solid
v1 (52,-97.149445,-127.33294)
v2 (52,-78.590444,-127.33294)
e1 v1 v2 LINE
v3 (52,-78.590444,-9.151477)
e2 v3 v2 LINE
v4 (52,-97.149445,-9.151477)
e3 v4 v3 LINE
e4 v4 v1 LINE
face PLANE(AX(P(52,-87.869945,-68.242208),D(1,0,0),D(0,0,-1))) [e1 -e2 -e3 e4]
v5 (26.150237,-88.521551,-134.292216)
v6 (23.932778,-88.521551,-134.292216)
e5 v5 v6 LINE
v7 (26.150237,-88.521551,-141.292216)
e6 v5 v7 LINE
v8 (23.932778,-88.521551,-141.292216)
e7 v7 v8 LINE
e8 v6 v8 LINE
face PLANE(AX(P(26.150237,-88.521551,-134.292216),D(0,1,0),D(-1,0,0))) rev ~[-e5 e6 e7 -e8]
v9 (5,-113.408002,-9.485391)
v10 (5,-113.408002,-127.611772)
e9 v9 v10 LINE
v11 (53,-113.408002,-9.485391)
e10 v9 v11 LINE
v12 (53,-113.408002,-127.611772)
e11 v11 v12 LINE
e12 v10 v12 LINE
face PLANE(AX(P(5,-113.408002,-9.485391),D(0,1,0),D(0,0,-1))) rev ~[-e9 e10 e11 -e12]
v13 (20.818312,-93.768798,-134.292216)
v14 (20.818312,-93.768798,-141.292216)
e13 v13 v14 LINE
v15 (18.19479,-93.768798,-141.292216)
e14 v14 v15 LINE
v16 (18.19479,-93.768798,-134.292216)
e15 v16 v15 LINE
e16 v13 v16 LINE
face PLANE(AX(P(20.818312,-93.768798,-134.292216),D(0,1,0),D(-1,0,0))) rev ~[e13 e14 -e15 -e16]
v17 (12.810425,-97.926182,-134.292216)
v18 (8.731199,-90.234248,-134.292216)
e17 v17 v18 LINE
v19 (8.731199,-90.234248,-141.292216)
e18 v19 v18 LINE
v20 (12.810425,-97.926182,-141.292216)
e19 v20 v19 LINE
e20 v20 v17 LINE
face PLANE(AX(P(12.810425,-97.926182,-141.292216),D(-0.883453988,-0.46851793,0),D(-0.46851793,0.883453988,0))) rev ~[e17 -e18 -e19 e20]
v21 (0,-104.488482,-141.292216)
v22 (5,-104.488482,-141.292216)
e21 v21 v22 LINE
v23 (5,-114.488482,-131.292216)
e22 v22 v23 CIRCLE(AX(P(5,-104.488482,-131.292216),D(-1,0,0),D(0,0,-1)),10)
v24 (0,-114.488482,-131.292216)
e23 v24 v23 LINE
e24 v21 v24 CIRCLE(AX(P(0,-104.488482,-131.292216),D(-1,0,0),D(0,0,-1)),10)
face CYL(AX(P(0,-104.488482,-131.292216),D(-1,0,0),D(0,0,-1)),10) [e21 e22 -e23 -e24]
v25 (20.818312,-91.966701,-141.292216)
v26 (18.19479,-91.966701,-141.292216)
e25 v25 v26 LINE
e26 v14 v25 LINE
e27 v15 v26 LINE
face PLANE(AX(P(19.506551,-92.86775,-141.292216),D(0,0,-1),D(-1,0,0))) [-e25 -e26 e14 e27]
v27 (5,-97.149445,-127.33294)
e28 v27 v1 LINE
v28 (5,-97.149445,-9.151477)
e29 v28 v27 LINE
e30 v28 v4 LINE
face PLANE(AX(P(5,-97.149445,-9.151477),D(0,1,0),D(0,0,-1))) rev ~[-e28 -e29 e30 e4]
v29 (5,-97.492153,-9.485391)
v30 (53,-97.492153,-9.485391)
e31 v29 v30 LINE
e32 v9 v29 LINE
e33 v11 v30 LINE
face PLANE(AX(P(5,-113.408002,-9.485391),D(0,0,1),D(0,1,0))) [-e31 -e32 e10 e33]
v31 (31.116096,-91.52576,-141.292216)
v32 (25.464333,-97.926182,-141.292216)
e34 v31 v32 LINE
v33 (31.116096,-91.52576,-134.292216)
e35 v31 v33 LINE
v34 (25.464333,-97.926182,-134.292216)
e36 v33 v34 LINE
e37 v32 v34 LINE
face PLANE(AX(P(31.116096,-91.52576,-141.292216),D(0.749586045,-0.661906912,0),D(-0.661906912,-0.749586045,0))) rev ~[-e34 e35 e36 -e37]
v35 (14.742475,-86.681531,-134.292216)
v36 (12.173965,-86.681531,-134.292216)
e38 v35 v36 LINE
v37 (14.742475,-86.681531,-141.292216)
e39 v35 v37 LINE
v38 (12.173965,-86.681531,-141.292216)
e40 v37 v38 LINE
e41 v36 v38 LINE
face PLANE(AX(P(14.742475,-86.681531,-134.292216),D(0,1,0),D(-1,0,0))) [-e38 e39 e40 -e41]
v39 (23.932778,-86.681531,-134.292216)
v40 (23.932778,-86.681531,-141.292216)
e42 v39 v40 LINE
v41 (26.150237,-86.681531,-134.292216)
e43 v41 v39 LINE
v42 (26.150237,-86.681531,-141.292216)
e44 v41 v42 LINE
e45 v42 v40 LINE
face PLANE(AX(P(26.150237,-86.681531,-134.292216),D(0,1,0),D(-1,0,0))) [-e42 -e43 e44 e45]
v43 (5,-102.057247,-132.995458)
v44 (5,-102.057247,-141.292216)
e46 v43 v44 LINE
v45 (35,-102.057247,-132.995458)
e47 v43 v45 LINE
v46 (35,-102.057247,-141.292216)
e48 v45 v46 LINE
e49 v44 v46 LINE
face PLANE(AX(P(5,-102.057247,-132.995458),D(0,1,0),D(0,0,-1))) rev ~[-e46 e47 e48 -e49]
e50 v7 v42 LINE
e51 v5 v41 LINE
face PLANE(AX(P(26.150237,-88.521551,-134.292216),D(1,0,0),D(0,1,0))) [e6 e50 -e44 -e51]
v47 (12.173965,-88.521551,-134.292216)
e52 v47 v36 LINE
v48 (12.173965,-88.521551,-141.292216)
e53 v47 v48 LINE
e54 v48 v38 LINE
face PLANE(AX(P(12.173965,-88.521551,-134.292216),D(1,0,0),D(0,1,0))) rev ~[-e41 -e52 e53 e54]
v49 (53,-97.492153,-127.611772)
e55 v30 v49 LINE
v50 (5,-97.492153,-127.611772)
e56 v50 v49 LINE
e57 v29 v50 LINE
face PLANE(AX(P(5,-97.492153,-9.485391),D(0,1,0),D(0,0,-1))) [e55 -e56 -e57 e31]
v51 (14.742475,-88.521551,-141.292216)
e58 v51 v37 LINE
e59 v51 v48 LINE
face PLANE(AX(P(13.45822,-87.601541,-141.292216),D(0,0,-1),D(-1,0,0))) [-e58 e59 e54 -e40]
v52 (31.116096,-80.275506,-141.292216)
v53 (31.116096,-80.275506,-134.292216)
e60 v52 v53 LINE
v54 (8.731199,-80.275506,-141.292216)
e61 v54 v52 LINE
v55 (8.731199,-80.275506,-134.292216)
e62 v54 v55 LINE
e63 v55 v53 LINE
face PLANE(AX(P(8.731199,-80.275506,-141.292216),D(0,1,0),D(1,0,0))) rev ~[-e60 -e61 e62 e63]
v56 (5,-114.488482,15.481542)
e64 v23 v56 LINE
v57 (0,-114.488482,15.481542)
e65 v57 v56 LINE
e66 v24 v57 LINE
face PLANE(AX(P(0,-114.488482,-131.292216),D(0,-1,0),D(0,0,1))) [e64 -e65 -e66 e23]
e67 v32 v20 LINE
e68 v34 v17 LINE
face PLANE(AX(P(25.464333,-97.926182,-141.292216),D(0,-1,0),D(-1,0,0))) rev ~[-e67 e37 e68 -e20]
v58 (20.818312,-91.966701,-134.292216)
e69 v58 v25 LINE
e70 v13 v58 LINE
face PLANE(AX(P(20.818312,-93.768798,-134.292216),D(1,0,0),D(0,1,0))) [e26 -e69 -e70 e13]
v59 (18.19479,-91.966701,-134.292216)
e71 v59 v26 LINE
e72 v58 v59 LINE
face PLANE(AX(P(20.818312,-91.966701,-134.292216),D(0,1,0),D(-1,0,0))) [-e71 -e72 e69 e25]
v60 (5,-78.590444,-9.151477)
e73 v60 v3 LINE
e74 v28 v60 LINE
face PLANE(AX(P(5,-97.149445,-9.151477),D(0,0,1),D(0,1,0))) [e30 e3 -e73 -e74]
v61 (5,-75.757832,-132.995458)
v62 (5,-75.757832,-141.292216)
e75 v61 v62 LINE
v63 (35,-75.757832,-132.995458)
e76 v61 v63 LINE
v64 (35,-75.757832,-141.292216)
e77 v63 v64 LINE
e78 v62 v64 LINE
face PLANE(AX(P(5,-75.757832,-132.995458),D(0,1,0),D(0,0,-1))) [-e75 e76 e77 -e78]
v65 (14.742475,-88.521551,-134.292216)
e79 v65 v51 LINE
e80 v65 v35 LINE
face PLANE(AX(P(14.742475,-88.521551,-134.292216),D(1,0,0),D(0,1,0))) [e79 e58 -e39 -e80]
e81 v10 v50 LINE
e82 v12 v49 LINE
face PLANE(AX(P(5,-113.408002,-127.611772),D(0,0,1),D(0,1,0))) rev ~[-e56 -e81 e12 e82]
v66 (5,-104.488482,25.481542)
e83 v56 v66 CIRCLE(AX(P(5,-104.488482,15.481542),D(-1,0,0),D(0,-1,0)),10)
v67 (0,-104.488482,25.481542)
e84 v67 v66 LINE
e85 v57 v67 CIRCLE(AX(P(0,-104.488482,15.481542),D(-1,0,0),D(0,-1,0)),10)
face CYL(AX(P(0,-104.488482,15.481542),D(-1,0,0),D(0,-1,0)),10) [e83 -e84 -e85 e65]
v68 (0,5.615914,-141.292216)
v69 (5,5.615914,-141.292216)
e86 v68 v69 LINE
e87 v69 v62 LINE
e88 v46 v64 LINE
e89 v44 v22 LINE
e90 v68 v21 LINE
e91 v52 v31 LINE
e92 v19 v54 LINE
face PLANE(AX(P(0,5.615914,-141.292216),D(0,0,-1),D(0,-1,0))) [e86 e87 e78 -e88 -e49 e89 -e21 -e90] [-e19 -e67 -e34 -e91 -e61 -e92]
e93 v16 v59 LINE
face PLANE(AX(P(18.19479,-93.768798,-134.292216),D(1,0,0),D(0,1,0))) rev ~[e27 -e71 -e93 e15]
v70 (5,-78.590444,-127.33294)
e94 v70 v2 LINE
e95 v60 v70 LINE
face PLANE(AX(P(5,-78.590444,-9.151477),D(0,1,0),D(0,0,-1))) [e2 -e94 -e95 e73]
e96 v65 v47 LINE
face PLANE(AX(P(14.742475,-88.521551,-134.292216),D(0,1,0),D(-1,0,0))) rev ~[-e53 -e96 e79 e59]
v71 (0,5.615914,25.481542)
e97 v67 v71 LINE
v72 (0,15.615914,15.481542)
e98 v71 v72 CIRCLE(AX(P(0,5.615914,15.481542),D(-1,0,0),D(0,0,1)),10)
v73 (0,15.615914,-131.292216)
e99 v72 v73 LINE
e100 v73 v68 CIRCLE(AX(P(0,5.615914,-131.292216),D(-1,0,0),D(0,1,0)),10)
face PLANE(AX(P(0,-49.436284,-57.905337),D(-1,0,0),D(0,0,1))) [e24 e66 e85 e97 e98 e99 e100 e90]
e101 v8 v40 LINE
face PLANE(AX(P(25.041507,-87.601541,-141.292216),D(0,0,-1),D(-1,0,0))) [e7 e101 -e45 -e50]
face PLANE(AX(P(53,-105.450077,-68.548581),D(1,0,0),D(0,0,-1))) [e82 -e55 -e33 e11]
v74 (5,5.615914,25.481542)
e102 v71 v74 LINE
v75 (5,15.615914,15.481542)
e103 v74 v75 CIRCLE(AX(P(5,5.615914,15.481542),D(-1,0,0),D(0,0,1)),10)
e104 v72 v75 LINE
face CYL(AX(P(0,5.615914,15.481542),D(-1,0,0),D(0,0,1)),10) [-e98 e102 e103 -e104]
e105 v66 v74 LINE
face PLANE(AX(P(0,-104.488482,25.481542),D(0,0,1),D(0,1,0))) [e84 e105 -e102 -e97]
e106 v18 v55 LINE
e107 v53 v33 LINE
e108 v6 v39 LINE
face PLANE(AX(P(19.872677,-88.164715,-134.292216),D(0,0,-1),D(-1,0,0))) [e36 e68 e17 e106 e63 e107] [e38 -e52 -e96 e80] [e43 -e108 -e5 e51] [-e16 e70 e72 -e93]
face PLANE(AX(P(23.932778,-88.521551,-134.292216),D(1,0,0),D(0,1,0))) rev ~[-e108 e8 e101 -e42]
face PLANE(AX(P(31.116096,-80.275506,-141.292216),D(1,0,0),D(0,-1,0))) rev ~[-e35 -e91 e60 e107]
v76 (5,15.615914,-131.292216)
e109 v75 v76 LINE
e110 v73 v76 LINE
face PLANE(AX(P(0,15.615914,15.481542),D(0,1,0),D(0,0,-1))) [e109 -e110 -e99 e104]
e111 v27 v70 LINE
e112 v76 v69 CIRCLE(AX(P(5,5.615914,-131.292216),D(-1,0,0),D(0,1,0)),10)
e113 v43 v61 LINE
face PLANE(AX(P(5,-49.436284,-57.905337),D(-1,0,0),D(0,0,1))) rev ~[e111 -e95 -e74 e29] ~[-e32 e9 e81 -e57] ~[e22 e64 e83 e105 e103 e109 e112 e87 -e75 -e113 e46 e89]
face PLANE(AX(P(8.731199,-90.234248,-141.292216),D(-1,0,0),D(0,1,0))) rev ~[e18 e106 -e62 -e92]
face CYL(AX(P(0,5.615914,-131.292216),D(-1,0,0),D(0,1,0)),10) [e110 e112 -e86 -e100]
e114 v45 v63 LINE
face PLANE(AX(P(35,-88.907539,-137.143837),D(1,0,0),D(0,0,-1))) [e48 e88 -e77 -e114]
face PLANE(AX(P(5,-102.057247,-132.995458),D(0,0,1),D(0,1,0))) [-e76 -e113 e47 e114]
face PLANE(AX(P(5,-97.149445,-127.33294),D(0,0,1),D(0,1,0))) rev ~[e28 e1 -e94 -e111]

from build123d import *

# Parameters (mm, degrees)
BOSS_EXTRUDE1_DEPTH = 5
SKETCH2_W           = 118.181462396
SKETCH2_H           = 18.559001235
BOSS_EXTRUDE4_DEPTH = 47
SKETCH3_W           = 118.126380902
SKETCH3_H           = 15.915848605
BOSS_EXTRUDE5_DEPTH = 48
SKETCH4_W           = 8.296758782
SKETCH4_H           = 26.299414598
BOSS_EXTRUDE6_DEPTH = 30
CUT_EXTRUDE3_DEPTH  = 7
SKETCH6_W           = 2.21745904
SKETCH6_H           = 1.840019648
SKETCH6_W_2         = 2.568509623
SKETCH6_W_3         = 2.623522206
SKETCH6_H_2         = 1.802097087
BOSS_EXTRUDE7_DEPTH = 7


with BuildPart() as part:
    # Sketch1 → Boss-Extrude1 (new body)
    with BuildSketch(Plane(origin=(0, 0, 0), x_dir=(0, 0, -1), z_dir=(1, 0, 0))):
        with BuildLine():
            Line((-15.48154183, 15.615913897), (131.29221645, 15.615913897))
            ThreePointArc((131.29221645, 15.615913897), (138.363284262, 12.686981708), (141.29221645, 5.615913897))
            Line((141.29221645, 5.615913897), (141.29221645, -104.488481637))
            ThreePointArc((141.29221645, -104.488481637), (138.363284262, -111.559549449), (131.29221645, -114.488481637))
            Line((131.29221645, -114.488481637), (-15.48154183, -114.488481637))
            ThreePointArc((-15.48154183, -114.488481637), (-22.552609641, -111.559549449), (-25.48154183, -104.488481637))
            Line((-25.48154183, -104.488481637), (-25.48154183, 5.615913897))
            ThreePointArc((-25.48154183, 5.615913897), (-22.552609641, 12.686981708), (-15.48154183, 15.615913897))
        make_face()
    extrude(amount=BOSS_EXTRUDE1_DEPTH)

    # Sketch2 → Boss-Extrude4 (add)
    with BuildSketch(Plane(origin=(5, 0, 0), x_dir=(0, 0, -1), z_dir=(1, 0, 0))):
        with Locations((68.242208416, -87.869944527)):
            Rectangle(SKETCH2_W, SKETCH2_H)
    extrude(amount=BOSS_EXTRUDE4_DEPTH)

    # Sketch3 → Boss-Extrude5 (add)
    with BuildSketch(Plane(origin=(5, 0, 0), x_dir=(0, 0, -1), z_dir=(1, 0, 0))):
        with Locations((68.5485811, -105.450077262)):
            Rectangle(SKETCH3_W, SKETCH3_H)
    extrude(amount=BOSS_EXTRUDE5_DEPTH)

    # Sketch4 → Boss-Extrude6 (add)
    with BuildSketch(Plane(origin=(5, 0, 0), x_dir=(0, 0, -1), z_dir=(1, 0, 0))):
        with Locations((137.143837059, -88.907539255)):
            Rectangle(SKETCH4_W, SKETCH4_H)
    extrude(amount=BOSS_EXTRUDE6_DEPTH)

    # Sketch5 → Cut-Extrude3 (cut)
    with BuildSketch(Plane(origin=(0, 0, -141.29221645), x_dir=(-1, 0, 0), z_dir=(0, 0, -1))):
        Polygon((-25.464332728, -97.926181685), (-12.810425415, -97.926181685), (-8.73119877, -90.234247578), (-8.73119877, -80.275506322), (-31.116096198, -80.275506322), (-31.116096198, -91.525760494), align=None)
    extrude(amount=-CUT_EXTRUDE3_DEPTH, mode=Mode.SUBTRACT)

    # Sketch6 → Boss-Extrude7 (add)
    with BuildSketch(Plane(origin=(0, 0, -134.29221645), x_dir=(-1, 0, 0), z_dir=(0, 0, -1))):
        with Locations((-25.041507493, -87.601540864)):
            Rectangle(SKETCH6_W, SKETCH6_H)
        with Locations((-13.458219738, -87.601540864)):
            Rectangle(SKETCH6_W_2, SKETCH6_H)
        with Locations((-19.506551217, -92.8677498)):
            Rectangle(SKETCH6_W_3, SKETCH6_H_2)
    extrude(amount=BOSS_EXTRUDE7_DEPTH)


solid = part.part
